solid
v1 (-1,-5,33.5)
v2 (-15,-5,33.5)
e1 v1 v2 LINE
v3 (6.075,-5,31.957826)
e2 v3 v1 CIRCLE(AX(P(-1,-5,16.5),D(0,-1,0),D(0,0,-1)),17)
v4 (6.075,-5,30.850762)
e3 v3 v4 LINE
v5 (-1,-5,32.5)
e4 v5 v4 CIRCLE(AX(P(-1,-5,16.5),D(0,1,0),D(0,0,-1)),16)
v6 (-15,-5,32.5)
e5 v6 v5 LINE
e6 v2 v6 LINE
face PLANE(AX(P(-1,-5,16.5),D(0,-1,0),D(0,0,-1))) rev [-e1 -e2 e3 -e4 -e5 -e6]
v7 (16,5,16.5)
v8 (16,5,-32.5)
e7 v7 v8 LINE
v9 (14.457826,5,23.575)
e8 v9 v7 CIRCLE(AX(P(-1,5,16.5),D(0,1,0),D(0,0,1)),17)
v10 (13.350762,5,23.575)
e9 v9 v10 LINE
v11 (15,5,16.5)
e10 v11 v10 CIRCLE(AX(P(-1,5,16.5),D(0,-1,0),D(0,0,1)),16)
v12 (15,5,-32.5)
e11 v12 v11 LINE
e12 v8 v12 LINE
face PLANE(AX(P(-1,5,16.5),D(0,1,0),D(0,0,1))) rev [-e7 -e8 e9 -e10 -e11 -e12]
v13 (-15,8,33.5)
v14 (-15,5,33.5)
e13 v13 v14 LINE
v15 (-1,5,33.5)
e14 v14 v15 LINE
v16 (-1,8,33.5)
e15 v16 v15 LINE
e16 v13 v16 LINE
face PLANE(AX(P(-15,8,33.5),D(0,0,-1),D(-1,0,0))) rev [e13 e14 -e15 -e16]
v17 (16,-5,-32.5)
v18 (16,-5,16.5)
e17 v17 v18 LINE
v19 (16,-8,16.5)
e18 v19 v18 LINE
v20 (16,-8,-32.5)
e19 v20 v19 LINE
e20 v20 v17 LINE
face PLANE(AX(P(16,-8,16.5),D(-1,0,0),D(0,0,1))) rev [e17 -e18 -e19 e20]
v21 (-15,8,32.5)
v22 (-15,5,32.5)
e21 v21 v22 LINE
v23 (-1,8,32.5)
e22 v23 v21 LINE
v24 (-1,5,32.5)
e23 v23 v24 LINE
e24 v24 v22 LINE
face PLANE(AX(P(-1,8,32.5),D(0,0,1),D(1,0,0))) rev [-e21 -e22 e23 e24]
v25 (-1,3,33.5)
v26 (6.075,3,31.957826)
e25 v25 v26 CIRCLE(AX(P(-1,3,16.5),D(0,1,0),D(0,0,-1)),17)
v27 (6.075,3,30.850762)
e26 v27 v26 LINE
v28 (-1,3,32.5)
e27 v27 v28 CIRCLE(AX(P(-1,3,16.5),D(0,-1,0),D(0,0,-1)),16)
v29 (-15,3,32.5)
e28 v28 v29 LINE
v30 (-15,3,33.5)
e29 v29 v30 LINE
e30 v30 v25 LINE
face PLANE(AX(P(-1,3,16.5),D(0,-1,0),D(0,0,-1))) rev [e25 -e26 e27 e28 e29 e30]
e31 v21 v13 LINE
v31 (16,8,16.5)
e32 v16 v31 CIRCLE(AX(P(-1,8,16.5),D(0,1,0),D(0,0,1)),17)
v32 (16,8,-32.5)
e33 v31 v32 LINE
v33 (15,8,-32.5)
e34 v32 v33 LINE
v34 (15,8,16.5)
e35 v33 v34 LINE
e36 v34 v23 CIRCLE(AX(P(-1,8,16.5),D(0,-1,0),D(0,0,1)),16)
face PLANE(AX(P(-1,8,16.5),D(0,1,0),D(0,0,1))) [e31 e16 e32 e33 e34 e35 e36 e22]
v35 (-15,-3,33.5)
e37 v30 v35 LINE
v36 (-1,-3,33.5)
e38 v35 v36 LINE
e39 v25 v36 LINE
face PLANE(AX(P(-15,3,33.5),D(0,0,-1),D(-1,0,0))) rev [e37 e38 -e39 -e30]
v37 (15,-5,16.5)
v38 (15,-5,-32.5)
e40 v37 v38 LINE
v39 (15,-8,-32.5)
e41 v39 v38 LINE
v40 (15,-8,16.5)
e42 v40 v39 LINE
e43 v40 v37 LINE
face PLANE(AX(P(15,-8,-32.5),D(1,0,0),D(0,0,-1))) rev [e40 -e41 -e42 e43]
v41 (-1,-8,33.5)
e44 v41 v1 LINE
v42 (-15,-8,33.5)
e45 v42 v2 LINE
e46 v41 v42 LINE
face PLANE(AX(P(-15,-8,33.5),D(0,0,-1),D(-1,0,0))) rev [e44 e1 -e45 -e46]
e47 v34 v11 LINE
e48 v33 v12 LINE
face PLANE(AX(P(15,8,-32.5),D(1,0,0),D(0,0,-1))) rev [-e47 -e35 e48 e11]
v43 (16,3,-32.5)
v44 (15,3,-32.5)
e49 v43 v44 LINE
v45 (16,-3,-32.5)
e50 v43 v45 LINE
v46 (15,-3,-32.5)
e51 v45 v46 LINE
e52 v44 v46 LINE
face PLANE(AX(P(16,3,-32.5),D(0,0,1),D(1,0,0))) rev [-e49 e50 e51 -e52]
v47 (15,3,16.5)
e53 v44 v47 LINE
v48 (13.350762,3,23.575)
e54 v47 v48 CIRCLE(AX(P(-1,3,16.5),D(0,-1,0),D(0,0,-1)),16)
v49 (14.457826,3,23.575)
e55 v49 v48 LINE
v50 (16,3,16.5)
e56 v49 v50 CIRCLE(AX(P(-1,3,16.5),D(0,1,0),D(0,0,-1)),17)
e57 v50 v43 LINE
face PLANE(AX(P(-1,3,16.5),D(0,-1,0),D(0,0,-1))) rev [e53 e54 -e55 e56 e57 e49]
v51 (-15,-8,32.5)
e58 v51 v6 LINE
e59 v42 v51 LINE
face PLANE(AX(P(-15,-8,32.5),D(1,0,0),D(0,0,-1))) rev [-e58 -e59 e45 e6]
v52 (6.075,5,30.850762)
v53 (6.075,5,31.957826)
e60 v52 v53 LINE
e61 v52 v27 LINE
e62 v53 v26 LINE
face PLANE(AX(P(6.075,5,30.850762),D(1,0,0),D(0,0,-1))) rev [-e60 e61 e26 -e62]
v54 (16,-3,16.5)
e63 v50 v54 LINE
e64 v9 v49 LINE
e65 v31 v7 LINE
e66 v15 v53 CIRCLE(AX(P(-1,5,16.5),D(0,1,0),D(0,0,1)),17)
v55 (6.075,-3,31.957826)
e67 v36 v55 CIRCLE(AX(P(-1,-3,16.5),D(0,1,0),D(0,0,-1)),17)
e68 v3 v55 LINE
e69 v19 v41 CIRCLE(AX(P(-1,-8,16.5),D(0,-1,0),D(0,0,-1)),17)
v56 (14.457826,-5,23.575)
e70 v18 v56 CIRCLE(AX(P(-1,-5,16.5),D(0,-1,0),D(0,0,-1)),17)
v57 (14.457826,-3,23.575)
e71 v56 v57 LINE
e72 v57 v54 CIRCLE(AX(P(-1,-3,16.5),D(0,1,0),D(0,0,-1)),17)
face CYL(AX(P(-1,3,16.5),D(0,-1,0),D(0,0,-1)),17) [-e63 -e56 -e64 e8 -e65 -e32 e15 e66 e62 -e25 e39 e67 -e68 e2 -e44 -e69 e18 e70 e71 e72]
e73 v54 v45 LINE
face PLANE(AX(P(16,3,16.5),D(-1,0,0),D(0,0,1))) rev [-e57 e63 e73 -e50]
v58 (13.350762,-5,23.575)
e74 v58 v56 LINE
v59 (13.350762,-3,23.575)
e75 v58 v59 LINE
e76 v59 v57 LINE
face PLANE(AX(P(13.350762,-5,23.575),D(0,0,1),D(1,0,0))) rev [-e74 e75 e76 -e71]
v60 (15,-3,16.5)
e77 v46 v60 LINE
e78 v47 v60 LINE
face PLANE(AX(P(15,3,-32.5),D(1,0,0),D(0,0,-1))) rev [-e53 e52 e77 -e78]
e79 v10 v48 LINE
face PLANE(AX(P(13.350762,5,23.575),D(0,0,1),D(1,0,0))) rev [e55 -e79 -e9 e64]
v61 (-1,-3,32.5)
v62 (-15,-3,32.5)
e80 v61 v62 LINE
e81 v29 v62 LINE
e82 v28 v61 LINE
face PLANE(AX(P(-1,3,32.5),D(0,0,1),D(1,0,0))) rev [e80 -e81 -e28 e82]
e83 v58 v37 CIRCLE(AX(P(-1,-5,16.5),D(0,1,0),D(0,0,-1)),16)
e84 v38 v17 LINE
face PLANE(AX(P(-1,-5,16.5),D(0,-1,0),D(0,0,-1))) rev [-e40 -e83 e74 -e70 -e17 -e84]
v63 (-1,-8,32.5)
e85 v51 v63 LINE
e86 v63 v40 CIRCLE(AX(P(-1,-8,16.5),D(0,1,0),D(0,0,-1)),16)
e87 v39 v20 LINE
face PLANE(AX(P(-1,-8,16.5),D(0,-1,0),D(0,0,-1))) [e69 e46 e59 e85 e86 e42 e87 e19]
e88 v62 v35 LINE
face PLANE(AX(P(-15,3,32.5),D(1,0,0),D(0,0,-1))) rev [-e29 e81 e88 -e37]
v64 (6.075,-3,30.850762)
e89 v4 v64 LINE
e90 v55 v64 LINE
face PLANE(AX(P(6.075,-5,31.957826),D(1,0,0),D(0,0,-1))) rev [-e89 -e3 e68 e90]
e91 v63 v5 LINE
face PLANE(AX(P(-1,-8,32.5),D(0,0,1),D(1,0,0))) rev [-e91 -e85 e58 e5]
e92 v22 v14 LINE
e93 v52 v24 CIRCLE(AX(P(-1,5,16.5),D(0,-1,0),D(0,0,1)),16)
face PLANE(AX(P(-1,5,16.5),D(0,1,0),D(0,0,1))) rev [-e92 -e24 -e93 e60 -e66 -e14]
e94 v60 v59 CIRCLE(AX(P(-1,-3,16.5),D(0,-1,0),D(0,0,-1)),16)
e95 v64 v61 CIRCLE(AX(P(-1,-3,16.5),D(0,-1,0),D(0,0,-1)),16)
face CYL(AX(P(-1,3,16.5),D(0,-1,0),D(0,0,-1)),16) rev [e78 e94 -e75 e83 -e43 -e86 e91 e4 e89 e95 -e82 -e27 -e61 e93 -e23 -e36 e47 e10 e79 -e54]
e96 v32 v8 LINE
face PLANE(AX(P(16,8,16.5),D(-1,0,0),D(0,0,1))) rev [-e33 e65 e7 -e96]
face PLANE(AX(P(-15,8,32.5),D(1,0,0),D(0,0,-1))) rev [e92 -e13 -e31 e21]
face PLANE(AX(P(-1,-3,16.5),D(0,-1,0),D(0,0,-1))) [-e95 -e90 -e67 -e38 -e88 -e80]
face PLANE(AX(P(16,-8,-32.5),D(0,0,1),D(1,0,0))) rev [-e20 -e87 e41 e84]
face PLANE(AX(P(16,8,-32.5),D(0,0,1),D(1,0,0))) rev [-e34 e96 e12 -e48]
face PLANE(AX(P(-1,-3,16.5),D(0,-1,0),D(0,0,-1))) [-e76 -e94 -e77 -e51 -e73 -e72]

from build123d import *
from build123d.topology import SkipClean

# Parameters (mm, degrees)
EXTRUDE1_DEPTH = 3
EXTRUDE2_DEPTH = 2
EXTRUDE3_DEPTH = 2
EXTRUDE4_DEPTH = 3
EXTRUDE5_DEPTH = 3


with BuildPart() as part:
    # Sketch1 → Extrude1 (new body, symmetric)
    with BuildSketch(Plane(origin=(0, 0, 0), x_dir=(1, 0, 0), z_dir=(0, 1, 0))):
        with BuildLine():
            Line((15, 32.5), (15, -16.5))
            ThreePointArc((15, -16.5), (10.313708499, -27.813708499), (-1, -32.5))
            Line((-1, -32.5), (-15, -32.5))
            Line((-15, -32.5), (-15, -33.5))
            Line((-15, -33.5), (-1, -33.5))
            ThreePointArc((-1, -33.5), (11.02081528, -28.52081528), (16, -16.5))
            Line((16, -16.5), (16, 32.5))
            Line((16, 32.5), (15, 32.5))
        make_face()
    extrude(amount=EXTRUDE1_DEPTH, both=True)

    # Sketch2 → Extrude2 (add)
    with BuildSketch(Plane(origin=(0, 3, 0), x_dir=(1, 0, 0), z_dir=(0, 1, 0))):
        with BuildLine():
            Line((6.075, -30.850762175), (6.075, -31.957825688))
            ThreePointArc((6.075, -31.957825688), (11.02081528, -28.52081528), (14.457825688, -23.575))
            Line((14.457825688, -23.575), (13.350762175, -23.575))
            ThreePointArc((13.350762175, -23.575), (10.313708499, -27.813708499), (6.075, -30.850762175))
        make_face()
    extrude(amount=EXTRUDE2_DEPTH)

    # Sketch3 → Extrude3 (add)
    with BuildSketch(Plane.XZ.offset(3)):
        with BuildLine():
            Line((6.075, 31.957825688), (6.075, 30.850762175))
            ThreePointArc((6.075, 30.850762175), (10.313708499, 27.813708499), (13.350762175, 23.575))
            Line((13.350762175, 23.575), (14.457825688, 23.575))
            ThreePointArc((14.457825688, 23.575), (11.02081528, 28.52081528), (6.075, 31.957825688))
        make_face()
    extrude(amount=EXTRUDE3_DEPTH)

    # Sketch4 → Extrude4 (add)
    with BuildSketch(Plane.XZ.offset(5)):
        with BuildLine():
            Line((16, -32.5), (15, -32.5))
            Line((15, -32.5), (15, 16.5))
            ThreePointArc((15, 16.5), (14.582236598, 20.132341201), (13.350762175, 23.575))
            ThreePointArc((13.350762175, 23.575), (10.313708499, 27.813708499), (6.075, 30.850762175))
            ThreePointArc((6.075, 30.850762175), (2.632341201, 32.082236598), (-1, 32.5))
            Line((-1, 32.5), (-15, 32.5))
            Line((-15, 32.5), (-15, 33.5))
            Line((-15, 33.5), (-1, 33.5))
            ThreePointArc((-1, 33.5), (2.62056372, 33.109982491), (6.075, 31.957825688))
            ThreePointArc((6.075, 31.957825688), (11.02081528, 28.52081528), (14.457825688, 23.575))
            ThreePointArc((14.457825688, 23.575), (15.609982491, 20.12056372), (16, 16.5))
            Line((16, 16.5), (16, -32.5))
        make_face()
    extrude(amount=EXTRUDE4_DEPTH)

    # Sketch5 → Extrude5 (add)
    with SkipClean():  # keep this step's faces unmerged: merging them makes the solid invalid here
        with BuildSketch(Plane(origin=(0, 5, 0), x_dir=(1, 0, 0), z_dir=(0, 1, 0))):
            with BuildLine():
                Line((16, 32.5), (15, 32.5))
                Line((15, 32.5), (15, -16.5))
                ThreePointArc((15, -16.5), (14.582236598, -20.132341201), (13.350762175, -23.575))
                ThreePointArc((13.350762175, -23.575), (10.313708499, -27.813708499), (6.075, -30.850762175))
                ThreePointArc((6.075, -30.850762175), (2.632341201, -32.082236598), (-1, -32.5))
                Line((-1, -32.5), (-15, -32.5))
                Line((-15, -32.5), (-15, -33.5))
                Line((-15, -33.5), (-1, -33.5))
                ThreePointArc((-1, -33.5), (2.62056372, -33.109982491), (6.075, -31.957825688))
                ThreePointArc((6.075, -31.957825688), (11.02081528, -28.52081528), (14.457825688, -23.575))
                ThreePointArc((14.457825688, -23.575), (15.609982491, -20.12056372), (16, -16.5))
                Line((16, -16.5), (16, 32.5))
            make_face()
        extrude(amount=EXTRUDE5_DEPTH)


solid = part.part
